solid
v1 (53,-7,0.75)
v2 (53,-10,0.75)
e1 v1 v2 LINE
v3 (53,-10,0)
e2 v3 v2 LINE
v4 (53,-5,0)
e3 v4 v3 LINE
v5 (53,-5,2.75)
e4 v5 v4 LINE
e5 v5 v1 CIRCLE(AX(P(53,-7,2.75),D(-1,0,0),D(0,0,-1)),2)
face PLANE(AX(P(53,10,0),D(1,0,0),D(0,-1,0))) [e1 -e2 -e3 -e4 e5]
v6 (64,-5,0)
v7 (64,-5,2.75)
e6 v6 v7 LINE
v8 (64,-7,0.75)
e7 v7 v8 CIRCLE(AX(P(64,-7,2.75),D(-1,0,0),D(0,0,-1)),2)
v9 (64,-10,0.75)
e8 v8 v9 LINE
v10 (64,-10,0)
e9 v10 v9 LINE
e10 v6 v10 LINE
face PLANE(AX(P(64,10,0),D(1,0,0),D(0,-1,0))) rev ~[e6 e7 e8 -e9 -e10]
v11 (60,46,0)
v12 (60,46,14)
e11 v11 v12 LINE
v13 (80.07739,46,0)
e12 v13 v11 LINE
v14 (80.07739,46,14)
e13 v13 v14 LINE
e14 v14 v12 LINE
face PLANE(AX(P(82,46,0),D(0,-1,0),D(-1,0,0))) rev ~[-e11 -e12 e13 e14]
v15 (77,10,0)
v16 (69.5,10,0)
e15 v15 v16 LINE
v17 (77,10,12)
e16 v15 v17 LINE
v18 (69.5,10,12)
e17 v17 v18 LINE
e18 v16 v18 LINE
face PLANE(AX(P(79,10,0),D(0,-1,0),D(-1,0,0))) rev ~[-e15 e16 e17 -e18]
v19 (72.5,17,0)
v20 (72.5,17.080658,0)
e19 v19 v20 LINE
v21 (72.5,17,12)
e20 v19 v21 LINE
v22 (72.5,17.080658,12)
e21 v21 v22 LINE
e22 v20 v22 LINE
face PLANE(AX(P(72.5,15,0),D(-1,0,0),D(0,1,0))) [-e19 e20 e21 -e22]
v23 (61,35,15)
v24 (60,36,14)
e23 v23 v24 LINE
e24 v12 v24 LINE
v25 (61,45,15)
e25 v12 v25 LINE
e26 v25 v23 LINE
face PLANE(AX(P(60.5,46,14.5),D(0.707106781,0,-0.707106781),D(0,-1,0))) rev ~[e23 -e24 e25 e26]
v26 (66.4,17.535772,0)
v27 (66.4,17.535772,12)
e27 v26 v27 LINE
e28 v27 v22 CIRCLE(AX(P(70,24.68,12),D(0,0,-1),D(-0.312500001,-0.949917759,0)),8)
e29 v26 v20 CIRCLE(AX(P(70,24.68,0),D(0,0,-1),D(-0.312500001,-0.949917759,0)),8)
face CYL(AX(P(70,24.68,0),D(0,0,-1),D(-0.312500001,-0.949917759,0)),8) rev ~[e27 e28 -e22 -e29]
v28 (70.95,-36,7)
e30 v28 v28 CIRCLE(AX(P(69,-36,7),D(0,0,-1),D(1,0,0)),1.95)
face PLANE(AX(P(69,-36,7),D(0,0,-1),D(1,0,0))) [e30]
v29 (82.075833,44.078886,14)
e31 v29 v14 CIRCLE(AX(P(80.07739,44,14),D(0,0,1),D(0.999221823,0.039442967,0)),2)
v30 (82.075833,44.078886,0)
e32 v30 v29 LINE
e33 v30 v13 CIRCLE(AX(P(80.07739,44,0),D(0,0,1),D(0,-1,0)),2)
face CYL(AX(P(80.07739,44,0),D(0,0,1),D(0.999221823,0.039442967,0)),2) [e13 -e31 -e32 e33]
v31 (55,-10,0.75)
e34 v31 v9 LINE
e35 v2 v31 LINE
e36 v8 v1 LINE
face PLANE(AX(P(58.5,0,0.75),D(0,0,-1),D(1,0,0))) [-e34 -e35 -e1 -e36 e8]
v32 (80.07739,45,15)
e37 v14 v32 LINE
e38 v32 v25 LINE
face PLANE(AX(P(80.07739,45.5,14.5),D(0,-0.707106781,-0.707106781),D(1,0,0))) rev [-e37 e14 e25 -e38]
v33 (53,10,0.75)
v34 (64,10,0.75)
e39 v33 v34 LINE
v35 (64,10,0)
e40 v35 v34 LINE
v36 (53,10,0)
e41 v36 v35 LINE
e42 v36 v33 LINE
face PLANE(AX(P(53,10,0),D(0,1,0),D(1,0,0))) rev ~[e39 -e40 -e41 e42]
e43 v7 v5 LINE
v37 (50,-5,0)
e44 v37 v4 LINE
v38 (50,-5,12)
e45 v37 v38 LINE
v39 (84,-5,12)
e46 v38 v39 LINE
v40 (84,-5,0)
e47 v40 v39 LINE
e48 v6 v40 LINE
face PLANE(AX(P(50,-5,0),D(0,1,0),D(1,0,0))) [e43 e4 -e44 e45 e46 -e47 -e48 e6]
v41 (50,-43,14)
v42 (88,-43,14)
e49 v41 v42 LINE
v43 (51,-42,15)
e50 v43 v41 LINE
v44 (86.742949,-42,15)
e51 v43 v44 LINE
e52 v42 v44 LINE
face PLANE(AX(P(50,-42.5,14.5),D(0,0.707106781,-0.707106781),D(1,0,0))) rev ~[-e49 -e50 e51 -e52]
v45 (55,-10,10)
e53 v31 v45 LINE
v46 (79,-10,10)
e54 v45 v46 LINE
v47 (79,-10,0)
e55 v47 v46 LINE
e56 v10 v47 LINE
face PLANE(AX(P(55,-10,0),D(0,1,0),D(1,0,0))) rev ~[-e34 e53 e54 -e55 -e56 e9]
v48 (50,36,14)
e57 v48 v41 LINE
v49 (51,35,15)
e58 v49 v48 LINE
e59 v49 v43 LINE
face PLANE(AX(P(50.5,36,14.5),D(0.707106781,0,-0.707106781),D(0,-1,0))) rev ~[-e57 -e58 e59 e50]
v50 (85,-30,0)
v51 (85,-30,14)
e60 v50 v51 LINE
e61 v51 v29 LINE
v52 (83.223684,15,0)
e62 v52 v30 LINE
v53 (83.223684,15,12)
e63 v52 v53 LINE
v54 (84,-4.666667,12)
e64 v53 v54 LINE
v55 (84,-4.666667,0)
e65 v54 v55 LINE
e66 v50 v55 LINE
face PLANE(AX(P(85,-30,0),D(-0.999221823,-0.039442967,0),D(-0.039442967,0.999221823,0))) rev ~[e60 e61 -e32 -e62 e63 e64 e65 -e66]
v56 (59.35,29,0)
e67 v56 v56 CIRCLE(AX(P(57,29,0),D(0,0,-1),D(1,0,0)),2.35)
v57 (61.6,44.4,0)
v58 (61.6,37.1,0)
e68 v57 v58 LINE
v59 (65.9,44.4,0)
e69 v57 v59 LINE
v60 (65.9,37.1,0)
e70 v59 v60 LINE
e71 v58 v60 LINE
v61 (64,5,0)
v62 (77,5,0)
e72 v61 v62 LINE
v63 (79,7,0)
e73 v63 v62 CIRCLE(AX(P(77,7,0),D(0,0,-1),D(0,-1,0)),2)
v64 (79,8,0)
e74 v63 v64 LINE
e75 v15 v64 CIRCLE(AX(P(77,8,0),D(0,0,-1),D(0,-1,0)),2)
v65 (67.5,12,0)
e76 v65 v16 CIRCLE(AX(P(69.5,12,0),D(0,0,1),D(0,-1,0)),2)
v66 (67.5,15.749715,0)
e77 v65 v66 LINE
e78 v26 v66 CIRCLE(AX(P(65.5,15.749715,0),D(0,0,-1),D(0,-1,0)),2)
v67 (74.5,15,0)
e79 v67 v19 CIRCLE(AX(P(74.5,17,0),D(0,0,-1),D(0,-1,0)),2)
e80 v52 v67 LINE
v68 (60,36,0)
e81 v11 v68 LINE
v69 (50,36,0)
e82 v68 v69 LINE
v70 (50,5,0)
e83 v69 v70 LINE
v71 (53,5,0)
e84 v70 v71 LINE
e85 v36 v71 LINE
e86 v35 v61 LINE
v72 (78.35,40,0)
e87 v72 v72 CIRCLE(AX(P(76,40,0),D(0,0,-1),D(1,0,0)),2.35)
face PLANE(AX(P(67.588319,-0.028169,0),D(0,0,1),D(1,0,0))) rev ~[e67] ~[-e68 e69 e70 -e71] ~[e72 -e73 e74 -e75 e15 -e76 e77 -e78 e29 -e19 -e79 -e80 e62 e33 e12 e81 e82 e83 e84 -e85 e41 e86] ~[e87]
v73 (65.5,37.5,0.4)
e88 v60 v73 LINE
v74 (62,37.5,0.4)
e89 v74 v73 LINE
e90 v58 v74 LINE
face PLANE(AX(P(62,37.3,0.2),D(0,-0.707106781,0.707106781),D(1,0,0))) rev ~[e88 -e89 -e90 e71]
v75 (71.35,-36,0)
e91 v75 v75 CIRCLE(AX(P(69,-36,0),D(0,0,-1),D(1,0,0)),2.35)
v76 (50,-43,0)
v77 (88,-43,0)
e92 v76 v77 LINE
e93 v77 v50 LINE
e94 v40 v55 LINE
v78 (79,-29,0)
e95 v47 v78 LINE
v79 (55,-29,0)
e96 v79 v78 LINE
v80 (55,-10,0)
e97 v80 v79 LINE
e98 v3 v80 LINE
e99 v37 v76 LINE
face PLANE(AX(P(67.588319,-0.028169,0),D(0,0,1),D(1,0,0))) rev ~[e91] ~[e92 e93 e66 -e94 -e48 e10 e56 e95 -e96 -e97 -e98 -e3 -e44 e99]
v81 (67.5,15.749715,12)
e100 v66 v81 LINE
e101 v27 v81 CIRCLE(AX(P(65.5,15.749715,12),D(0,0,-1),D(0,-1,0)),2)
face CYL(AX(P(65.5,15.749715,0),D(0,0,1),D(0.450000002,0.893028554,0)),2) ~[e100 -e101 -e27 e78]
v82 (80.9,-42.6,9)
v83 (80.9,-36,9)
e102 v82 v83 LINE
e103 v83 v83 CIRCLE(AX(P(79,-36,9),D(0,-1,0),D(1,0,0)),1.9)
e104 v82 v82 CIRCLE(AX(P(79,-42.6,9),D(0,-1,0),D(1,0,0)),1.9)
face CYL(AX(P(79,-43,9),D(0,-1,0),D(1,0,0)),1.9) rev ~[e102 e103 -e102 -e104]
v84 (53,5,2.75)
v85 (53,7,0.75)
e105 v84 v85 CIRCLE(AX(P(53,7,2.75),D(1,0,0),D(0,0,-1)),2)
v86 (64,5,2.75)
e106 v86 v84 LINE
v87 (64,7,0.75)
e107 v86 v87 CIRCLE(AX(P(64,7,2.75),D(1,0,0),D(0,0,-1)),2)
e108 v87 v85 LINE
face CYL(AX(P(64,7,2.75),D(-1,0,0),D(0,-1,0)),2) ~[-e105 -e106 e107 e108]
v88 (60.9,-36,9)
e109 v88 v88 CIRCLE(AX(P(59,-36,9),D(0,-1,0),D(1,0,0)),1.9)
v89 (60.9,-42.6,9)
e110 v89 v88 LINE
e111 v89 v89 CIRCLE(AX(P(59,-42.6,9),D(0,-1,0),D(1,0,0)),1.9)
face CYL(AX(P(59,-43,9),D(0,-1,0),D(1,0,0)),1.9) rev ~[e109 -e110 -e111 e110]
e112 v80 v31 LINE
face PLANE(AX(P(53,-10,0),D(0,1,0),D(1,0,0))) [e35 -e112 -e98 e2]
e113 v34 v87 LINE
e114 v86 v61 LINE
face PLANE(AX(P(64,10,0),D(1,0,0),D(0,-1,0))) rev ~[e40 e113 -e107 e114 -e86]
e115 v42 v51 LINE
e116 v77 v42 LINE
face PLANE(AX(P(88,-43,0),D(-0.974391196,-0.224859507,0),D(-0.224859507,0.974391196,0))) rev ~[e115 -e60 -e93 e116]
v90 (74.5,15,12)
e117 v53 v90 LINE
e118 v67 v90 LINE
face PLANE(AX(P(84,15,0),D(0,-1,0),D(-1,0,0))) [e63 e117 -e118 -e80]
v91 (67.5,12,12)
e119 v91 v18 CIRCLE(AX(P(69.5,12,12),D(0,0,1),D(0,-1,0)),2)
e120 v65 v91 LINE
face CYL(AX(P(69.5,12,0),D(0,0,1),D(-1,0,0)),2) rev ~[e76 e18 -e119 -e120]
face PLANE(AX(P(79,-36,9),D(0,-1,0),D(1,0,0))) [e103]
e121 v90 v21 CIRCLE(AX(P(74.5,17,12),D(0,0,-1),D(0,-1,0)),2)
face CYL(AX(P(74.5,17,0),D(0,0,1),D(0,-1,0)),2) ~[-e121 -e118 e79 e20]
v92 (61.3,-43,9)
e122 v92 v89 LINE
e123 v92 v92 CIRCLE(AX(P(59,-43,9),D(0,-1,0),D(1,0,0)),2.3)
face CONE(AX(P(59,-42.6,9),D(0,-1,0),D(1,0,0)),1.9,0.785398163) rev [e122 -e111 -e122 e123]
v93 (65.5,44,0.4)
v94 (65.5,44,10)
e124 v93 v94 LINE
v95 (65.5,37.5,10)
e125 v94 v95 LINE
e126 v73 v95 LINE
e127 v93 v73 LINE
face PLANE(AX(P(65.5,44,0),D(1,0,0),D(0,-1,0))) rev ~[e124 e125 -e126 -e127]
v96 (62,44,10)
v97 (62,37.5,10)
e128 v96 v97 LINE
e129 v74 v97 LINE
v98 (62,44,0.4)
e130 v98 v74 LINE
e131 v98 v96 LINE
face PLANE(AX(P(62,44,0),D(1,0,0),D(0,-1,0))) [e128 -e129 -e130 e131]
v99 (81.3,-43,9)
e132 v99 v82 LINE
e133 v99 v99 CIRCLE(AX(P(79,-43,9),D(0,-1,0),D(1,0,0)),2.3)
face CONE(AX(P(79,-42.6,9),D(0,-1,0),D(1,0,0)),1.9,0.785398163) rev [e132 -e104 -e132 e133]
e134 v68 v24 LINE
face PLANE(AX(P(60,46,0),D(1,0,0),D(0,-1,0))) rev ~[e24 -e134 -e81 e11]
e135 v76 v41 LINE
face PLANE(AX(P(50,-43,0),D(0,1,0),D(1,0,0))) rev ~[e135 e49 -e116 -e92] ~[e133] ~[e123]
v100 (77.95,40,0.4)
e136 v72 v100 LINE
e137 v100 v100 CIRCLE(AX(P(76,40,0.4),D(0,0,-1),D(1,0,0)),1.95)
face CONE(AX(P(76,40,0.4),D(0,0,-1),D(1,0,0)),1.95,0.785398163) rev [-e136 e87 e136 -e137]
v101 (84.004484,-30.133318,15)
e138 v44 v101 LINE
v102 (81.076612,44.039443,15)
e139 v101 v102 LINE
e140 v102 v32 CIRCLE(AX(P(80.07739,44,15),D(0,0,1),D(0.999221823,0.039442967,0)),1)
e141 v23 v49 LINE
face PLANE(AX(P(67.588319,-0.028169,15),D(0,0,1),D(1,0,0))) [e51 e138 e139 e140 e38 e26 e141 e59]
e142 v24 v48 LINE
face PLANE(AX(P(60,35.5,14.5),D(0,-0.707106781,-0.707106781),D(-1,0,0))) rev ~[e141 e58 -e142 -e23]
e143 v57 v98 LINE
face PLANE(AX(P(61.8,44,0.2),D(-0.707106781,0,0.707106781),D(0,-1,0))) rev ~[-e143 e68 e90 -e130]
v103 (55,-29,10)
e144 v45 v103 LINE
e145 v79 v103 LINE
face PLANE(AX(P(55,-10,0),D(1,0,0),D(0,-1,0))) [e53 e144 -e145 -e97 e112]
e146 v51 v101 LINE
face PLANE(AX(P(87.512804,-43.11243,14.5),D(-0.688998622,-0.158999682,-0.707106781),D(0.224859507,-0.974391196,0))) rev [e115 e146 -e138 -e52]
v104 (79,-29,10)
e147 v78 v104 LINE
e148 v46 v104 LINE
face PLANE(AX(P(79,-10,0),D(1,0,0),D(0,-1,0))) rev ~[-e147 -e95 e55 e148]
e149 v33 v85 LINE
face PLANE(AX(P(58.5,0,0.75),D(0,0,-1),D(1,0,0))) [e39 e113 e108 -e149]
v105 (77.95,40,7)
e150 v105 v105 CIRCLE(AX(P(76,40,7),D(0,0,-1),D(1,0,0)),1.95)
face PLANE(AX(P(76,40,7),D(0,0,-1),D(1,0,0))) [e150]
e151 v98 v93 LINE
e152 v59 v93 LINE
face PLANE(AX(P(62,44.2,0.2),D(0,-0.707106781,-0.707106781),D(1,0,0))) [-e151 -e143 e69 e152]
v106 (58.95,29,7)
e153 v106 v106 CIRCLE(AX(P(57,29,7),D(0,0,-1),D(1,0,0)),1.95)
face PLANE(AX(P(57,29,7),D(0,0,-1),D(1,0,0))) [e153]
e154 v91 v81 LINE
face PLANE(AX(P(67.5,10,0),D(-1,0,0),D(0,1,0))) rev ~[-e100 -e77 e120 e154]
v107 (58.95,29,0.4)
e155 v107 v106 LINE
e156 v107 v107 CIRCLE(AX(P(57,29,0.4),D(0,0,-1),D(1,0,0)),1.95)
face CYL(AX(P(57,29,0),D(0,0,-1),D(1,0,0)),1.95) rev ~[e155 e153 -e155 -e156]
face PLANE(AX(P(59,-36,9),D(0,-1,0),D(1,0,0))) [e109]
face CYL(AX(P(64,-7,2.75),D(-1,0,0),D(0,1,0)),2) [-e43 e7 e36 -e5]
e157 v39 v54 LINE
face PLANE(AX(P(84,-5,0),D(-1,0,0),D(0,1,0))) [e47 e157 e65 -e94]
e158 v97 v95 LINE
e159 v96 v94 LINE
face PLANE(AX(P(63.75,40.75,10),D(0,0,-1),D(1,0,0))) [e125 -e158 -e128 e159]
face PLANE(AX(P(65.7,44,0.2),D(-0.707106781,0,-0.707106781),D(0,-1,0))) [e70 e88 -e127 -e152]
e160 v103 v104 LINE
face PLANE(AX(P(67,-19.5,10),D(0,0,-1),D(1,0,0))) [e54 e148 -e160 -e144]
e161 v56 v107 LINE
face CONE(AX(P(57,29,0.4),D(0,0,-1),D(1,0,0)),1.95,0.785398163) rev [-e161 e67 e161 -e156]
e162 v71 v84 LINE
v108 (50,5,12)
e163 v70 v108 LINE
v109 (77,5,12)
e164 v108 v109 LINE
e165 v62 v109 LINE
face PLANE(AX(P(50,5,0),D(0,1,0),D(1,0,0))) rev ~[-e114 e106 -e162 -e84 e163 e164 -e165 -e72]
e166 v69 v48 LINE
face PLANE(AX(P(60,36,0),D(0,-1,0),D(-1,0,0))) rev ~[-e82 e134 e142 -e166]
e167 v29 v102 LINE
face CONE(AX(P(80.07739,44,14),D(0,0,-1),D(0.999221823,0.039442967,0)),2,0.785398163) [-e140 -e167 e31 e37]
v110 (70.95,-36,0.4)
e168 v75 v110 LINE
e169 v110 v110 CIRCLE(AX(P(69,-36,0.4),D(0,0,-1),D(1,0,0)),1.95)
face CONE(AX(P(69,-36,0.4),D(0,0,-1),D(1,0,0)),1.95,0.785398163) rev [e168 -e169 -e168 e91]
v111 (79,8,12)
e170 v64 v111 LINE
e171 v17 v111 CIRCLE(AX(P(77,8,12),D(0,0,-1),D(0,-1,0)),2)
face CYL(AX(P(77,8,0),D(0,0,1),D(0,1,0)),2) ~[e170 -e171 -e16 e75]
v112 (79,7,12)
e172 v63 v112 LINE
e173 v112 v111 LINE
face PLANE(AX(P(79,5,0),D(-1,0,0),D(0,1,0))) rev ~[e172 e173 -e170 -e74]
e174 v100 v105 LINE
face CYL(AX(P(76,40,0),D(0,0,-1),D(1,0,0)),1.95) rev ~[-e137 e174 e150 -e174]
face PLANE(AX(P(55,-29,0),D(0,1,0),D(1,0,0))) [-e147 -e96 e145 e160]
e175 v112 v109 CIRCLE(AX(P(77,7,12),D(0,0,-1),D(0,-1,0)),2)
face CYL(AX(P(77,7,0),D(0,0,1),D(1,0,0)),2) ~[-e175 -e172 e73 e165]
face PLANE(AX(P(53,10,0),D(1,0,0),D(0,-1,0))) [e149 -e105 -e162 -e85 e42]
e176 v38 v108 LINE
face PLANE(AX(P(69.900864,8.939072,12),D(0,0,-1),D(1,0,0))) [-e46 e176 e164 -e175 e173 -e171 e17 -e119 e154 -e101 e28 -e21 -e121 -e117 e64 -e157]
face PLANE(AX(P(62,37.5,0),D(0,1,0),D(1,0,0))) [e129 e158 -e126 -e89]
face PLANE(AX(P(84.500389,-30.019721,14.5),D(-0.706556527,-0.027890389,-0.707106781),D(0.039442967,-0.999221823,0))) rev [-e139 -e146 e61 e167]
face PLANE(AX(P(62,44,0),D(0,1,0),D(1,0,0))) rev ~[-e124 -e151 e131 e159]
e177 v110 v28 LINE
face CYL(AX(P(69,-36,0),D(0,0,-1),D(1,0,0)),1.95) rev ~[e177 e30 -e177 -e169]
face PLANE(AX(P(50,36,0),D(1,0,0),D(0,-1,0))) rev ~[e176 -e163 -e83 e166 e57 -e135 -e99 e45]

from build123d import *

# Parameters (mm, degrees)
PAD001_DEPTH    = 15
FILLET003_R     = 2
CHAMFER007_SIZE = 1
SKETCH003_R     = 1.9
POCKET001_DEPTH = 7
SKETCH004_W     = 3.5
SKETCH004_H     = 6.5
POCKET002_DEPTH = 10
SKETCH006_R     = 1.95
POCKET004_DEPTH = 7
POCKET006_DEPTH = 12
FILLET005_R     = 2
SKETCH009_W     = 24
SKETCH009_H     = 19
POCKET007_DEPTH = 10
CHAMFER021_SIZE = 0.4
SKETCH011_W     = 11
SKETCH011_H     = 20
POCKET009_DEPTH = 0.75
FILLET006_R     = 2


with BuildPart() as part:
    # Sketch001 → Pad001 (new body)
    with BuildSketch(Plane.XY):
        Polygon((0, 36), (0, -43), (38, -43), (35, -30), (32, 46), (10, 46), (10, 36), align=None)
    extrude(amount=PAD001_DEPTH)

    # Fillet003
    fillet003_edges = [part.edges().sort_by_distance(p)[0] for p in [
        (32, 46, 7.5),
    ]]
    fillet(fillet003_edges, radius=FILLET003_R)

    # Chamfer007
    chamfer007_edges = [part.edges().sort_by_distance(p)[0] for p in [
        (33.537917, 7.039443, 15),
        (31.463432, 45.441834, 15),
        (36.5, -36.5, 15),
        (20.038695, 46, 15),
        (19, -43, 15),
        (10, 41, 15),
        (0, -3.5, 15),
        (5, 36, 15),
    ]]
    chamfer(chamfer007_edges, length=CHAMFER007_SIZE)

    # Sketch003 (on Face10 of Chamfer007) → Pocket001 (cut)
    with BuildSketch(Plane.XZ.offset(43)):
        with Locations((9, 9)):
            Circle(SKETCH003_R)
        with Locations((29, 9)):
            Circle(SKETCH003_R)
    extrude(amount=-POCKET001_DEPTH, mode=Mode.SUBTRACT)

    # Sketch004 (on Face4 of Pocket001) → Pocket002 (cut)
    with BuildSketch(Plane(origin=(0, 0, 0), x_dir=(1, 0, 0), z_dir=(0, 0, -1))):
        with Locations((13.75, -40.75)):
            Rectangle(SKETCH004_W, SKETCH004_H)
    extrude(amount=-POCKET002_DEPTH, mode=Mode.SUBTRACT)

    # Sketch006 (on Face4 of Pocket002) → Pocket004 (cut)
    with BuildSketch(Plane(origin=(0, 0, 0), x_dir=(1, 0, 0), z_dir=(0, 0, -1))):
        with Locations((19, 36)):
            Circle(SKETCH006_R)
        with Locations((7, -29)):
            Circle(SKETCH006_R)
        with Locations((26, -40)):
            Circle(SKETCH006_R)
    extrude(amount=-POCKET004_DEPTH, mode=Mode.SUBTRACT)

    # Sketch008 (on Face4 of Pocket004) → Pocket006 (cut)
    with BuildSketch(Plane(origin=(0, 0, 0), x_dir=(1, 0, 0), z_dir=(0, 0, -1))):
        with BuildLine():
            Line((0, 5), (0, -5))
            Line((0, -5), (29, -5))
            Line((29, -5), (29, -10))
            Line((29, -10), (17.5, -10))
            Line((17.5, -10), (17.5, -17.080658))
            ThreePointArc((17.5, -17.080658), (20, -32.68), (22.5, -17.080658))
            Line((22.5, -15), (22.5, -17.080658))
            Line((34, -15), (22.5, -15))
            Line((34, 5), (34, -15))
            Line((0, 5), (34, 5))
        make_face()
    extrude(amount=-POCKET006_DEPTH, mode=Mode.SUBTRACT)

    # Fillet005
    fillet005_edges = [part.edges().sort_by_distance(p)[0] for p in [
        (29, 5, 6),
        (29, 10, 6),
        (17.5, 10, 6),
        (17.5, 17.080658, 6),
        (22.5, 15, 6),
    ]]
    fillet(fillet005_edges, radius=FILLET005_R)

    # Sketch009 (on Face21 of Fillet005) → Pocket007 (cut)
    with BuildSketch(Plane(origin=(0, 0, 0), x_dir=(1, 0, 0), z_dir=(0, 0, -1))):
        with Locations((17, 19.5)):
            Rectangle(SKETCH009_W, SKETCH009_H)
    extrude(amount=-POCKET007_DEPTH, mode=Mode.SUBTRACT)

    # Chamfer021
    chamfer021_edges = [part.edges().sort_by_distance(p)[0] for p in [
        (5.05, 29, 0),
        (12, 40.75, 0),
        (13.75, 37.5, 0),
        (15.5, 40.75, 0),
        (13.75, 44, 0),
        (24.05, 40, 0),
        (17.05, -36, 0),
        (7.1, -43, 9),
        (27.1, -43, 9),
    ]]
    chamfer(chamfer021_edges, length=CHAMFER021_SIZE)

    # Sketch011 (on Face1 of Chamfer021) → Pocket009 (cut)
    with BuildSketch(Plane(origin=(0, 0, 0), x_dir=(1, 0, 0), z_dir=(0, 0, -1))):
        with Locations((8.5, 0)):
            Rectangle(SKETCH011_W, SKETCH011_H)
    extrude(amount=-POCKET009_DEPTH, mode=Mode.SUBTRACT)

    # Fillet006
    fillet006_edges = [part.edges().sort_by_distance(p)[0] for p in [
        (8.5, 5, 0.75),
        (8.5, -5, 0.75),
    ]]
    fillet(fillet006_edges, radius=FILLET006_R)


with BuildPart() as part_1:
    # Body001 placement: moved
    add(part.part.moved(Location((50, 0, 0))))


solid = part_1.part
